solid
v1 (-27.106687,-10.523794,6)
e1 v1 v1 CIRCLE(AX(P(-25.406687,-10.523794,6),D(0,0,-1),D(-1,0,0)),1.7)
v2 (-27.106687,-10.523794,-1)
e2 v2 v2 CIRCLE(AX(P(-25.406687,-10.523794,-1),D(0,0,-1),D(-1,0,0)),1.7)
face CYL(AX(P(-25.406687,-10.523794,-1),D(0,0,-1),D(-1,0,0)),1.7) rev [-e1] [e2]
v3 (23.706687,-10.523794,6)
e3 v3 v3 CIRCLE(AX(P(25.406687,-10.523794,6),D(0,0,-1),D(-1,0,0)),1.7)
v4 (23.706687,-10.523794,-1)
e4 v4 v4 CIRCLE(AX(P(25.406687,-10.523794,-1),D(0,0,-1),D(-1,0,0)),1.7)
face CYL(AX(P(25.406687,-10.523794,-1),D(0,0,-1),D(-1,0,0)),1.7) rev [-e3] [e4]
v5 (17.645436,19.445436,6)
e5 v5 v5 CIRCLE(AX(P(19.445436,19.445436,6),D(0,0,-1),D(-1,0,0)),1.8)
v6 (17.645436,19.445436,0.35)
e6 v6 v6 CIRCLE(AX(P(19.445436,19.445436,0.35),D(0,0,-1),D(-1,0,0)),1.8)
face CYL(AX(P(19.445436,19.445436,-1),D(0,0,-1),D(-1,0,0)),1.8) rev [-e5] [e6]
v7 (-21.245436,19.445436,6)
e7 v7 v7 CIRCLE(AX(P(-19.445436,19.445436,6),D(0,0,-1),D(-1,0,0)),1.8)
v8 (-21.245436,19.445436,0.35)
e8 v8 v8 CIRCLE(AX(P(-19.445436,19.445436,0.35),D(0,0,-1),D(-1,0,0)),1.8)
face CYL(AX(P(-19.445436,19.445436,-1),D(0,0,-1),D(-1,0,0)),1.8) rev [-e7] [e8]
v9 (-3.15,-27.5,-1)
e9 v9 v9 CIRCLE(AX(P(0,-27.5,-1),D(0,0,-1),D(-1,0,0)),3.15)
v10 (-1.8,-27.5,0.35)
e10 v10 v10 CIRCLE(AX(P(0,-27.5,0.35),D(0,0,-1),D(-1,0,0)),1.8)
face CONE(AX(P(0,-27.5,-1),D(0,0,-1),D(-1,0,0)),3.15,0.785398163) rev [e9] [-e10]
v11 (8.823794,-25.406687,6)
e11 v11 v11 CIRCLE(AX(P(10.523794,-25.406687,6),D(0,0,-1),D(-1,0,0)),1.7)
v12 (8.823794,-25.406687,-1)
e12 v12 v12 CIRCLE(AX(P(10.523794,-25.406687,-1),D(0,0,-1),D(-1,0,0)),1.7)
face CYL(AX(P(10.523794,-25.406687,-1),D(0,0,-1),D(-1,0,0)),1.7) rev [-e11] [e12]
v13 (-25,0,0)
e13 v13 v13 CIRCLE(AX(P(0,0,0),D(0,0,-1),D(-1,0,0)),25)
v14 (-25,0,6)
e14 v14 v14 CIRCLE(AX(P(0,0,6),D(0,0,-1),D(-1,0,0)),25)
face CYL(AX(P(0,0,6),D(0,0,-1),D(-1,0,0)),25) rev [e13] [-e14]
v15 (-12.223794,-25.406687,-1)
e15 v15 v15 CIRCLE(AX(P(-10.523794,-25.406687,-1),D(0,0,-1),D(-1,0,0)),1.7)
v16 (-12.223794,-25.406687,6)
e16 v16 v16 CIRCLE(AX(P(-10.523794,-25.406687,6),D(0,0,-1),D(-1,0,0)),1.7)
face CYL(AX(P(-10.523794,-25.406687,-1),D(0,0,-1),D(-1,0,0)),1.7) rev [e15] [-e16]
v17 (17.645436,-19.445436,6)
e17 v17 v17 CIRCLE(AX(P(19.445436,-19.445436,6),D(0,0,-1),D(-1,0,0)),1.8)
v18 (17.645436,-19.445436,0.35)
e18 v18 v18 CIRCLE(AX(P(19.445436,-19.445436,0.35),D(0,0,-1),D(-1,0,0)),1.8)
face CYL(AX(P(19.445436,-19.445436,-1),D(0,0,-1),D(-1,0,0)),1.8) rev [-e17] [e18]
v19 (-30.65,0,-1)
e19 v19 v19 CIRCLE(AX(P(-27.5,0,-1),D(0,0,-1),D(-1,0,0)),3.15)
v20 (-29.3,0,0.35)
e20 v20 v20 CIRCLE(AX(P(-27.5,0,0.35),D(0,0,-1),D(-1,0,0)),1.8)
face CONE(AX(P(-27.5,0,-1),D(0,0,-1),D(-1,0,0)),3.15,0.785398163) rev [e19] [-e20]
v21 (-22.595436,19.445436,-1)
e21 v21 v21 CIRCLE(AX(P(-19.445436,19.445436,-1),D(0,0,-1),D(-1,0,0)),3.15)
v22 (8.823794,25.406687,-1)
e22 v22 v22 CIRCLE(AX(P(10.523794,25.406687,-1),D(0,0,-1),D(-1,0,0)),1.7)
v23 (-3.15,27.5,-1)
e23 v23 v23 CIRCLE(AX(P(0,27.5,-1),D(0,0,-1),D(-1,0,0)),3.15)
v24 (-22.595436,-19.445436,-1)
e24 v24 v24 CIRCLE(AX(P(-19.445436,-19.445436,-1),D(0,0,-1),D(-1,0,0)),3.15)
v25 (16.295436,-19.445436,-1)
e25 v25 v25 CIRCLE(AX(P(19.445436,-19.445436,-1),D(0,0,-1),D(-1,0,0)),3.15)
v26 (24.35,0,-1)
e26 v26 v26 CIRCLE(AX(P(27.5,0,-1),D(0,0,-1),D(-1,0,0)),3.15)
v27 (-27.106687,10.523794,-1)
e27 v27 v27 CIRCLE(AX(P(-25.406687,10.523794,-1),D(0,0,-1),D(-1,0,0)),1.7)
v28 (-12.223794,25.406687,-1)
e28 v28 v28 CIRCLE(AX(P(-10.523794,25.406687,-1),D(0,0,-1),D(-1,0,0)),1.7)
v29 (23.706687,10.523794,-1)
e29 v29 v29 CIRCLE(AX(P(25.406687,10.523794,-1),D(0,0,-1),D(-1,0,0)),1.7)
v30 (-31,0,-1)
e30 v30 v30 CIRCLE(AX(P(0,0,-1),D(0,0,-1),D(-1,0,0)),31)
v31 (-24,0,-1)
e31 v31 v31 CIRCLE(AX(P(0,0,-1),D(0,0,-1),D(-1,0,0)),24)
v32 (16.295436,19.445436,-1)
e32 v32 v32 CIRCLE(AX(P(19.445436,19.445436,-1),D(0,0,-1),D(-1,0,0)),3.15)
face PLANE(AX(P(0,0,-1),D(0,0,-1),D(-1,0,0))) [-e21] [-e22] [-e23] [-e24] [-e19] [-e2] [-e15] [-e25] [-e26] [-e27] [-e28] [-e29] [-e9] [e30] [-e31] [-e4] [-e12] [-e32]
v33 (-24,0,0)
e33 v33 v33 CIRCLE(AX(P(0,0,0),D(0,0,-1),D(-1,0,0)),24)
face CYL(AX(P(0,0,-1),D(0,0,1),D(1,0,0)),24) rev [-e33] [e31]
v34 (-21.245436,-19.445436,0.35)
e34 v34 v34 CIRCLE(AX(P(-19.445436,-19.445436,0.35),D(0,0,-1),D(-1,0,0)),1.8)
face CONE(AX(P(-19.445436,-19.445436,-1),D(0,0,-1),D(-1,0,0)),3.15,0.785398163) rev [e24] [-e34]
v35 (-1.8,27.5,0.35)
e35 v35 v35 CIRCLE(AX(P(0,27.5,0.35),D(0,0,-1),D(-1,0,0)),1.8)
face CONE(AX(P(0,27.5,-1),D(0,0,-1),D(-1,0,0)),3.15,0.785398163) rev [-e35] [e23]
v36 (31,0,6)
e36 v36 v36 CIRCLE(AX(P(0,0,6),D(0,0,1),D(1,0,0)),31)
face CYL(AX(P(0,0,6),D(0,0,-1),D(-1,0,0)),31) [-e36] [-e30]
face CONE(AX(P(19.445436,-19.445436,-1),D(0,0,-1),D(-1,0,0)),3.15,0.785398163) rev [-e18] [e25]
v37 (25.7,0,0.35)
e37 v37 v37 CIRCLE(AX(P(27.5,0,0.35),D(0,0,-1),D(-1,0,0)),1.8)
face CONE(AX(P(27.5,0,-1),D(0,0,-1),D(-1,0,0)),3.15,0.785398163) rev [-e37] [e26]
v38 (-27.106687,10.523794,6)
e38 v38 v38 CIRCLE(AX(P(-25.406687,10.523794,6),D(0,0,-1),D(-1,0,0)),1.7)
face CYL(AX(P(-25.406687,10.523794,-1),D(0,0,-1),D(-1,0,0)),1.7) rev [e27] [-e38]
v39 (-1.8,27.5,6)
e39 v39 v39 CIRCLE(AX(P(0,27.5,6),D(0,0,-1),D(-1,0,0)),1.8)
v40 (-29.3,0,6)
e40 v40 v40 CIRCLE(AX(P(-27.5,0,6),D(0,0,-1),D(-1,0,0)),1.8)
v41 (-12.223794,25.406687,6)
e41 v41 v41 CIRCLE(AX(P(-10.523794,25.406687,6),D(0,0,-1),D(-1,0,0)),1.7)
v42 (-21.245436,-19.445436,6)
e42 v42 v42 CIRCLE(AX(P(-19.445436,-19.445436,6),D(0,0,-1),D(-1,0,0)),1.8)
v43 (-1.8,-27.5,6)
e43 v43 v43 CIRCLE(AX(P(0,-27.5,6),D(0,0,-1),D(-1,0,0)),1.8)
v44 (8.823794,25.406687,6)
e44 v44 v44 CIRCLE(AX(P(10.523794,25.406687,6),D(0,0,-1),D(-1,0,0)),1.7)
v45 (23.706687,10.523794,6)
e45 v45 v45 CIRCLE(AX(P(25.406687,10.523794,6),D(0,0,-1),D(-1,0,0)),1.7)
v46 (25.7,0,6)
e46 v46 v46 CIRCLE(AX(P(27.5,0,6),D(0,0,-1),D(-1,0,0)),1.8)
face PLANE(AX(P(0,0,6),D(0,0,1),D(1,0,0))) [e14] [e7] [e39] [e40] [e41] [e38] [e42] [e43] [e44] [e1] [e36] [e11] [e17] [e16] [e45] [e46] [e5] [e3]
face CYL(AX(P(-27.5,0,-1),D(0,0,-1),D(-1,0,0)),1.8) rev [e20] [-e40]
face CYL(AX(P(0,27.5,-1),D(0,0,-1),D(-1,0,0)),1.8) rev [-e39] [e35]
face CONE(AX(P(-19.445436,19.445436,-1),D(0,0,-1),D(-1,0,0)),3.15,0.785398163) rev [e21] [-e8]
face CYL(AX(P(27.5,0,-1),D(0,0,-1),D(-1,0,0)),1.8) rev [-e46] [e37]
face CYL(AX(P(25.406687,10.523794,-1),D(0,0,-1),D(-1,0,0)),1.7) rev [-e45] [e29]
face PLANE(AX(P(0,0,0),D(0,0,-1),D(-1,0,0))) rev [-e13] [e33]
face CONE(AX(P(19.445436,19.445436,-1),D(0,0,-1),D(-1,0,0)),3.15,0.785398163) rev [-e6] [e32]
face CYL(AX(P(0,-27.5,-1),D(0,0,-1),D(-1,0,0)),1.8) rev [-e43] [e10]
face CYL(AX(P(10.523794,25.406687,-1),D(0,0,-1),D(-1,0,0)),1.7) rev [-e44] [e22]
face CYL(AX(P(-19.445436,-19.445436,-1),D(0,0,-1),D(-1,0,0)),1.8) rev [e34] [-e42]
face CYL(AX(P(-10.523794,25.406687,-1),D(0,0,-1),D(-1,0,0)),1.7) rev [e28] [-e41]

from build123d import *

# Parameters (mm, degrees)
SKETCH_1_R                   = 31
EXTRUDE_1_DEPTH              = 6
SKETCH_3_R                   = 25
CUT_EXTRUDE_1_DEPTH          = 7
SKETCH_5_R                   = 31
SKETCH_5_R_2                 = 24
EXTRUDE_2_DEPTH              = 1
HOLE_WIZARD_M3_1_D           = 3.6
HOLE_WIZARD_M3_1_CSINK_D     = 6.3
HOLE_WIZARD_M3_1_CSINK_ANGLE = 90
PATTERN_CIRCULAR_1_COUNT     = 8
HOLE_WIZARD_M3_1_2_D         = 3.4
PATTERN_CIRCULAR_2_COUNT     = 8


with BuildPart() as part:
    # ｽｹｯﾁ1 → ﾎﾞｽ - 押し出し1 (new body)
    with BuildSketch(Plane.XY):
        Circle(SKETCH_1_R)
    extrude(amount=EXTRUDE_1_DEPTH)

    # ｽｹｯﾁ3 → ｶｯﾄ - 押し出し1 (cut, through all)
    with BuildSketch(Plane(origin=(0, 0, 0), x_dir=(-1, 0, 0), z_dir=(0, 0, -1))):
        Circle(SKETCH_3_R)
    extrude(amount=-CUT_EXTRUDE_1_DEPTH, mode=Mode.SUBTRACT)

    # ｽｹｯﾁ5 → ﾎﾞｽ - 押し出し2 (add)
    with BuildSketch(Plane(origin=(0, 0, 0), x_dir=(-1, 0, 0), z_dir=(0, 0, -1))):
        Circle(SKETCH_5_R)
        Circle(SKETCH_5_R_2, mode=Mode.SUBTRACT)
    extrude(amount=EXTRUDE_2_DEPTH)

    # Hole Wizard M3 _1 (through all)
    with Locations(Plane(origin=(0, 0, -1), x_dir=(-1, 0, 0), z_dir=(0, 0, -1))):
        with Locations((0, 27.5)):
            hole_wizard_m3_1 = CounterSinkHole(HOLE_WIZARD_M3_1_D / 2, HOLE_WIZARD_M3_1_CSINK_D / 2, counter_sink_angle=HOLE_WIZARD_M3_1_CSINK_ANGLE)

    # 円形ﾊﾟﾀｰﾝ1: Hole Wizard M3 _1 ×8 about axis
    pattern_circular_1_axis = Axis((0, 0, 0), (0, 0, 1))
    for i in range(1, PATTERN_CIRCULAR_1_COUNT):
        add(hole_wizard_m3_1.rotate(pattern_circular_1_axis, i * 360 / PATTERN_CIRCULAR_1_COUNT), mode=Mode.SUBTRACT)

    # Hole Wizard M3 _1 2 (through all)
    with Locations(Plane(origin=(0, 0, -1), x_dir=(-1, 0, 0), z_dir=(0, 0, -1))):
        with Locations((-10.52379439, 25.406687144)):
            hole_wizard_m3_1_2 = Hole(HOLE_WIZARD_M3_1_2_D / 2)

    # 円形ﾊﾟﾀｰﾝ2: Hole Wizard M3 _1 2 ×8 about axis
    pattern_circular_2_axis = Axis((0, 0, 0), (0, 0, 1))
    for i in range(1, PATTERN_CIRCULAR_2_COUNT):
        add(hole_wizard_m3_1_2.rotate(pattern_circular_2_axis, i * 360 / PATTERN_CIRCULAR_2_COUNT), mode=Mode.SUBTRACT)


solid = part.part
